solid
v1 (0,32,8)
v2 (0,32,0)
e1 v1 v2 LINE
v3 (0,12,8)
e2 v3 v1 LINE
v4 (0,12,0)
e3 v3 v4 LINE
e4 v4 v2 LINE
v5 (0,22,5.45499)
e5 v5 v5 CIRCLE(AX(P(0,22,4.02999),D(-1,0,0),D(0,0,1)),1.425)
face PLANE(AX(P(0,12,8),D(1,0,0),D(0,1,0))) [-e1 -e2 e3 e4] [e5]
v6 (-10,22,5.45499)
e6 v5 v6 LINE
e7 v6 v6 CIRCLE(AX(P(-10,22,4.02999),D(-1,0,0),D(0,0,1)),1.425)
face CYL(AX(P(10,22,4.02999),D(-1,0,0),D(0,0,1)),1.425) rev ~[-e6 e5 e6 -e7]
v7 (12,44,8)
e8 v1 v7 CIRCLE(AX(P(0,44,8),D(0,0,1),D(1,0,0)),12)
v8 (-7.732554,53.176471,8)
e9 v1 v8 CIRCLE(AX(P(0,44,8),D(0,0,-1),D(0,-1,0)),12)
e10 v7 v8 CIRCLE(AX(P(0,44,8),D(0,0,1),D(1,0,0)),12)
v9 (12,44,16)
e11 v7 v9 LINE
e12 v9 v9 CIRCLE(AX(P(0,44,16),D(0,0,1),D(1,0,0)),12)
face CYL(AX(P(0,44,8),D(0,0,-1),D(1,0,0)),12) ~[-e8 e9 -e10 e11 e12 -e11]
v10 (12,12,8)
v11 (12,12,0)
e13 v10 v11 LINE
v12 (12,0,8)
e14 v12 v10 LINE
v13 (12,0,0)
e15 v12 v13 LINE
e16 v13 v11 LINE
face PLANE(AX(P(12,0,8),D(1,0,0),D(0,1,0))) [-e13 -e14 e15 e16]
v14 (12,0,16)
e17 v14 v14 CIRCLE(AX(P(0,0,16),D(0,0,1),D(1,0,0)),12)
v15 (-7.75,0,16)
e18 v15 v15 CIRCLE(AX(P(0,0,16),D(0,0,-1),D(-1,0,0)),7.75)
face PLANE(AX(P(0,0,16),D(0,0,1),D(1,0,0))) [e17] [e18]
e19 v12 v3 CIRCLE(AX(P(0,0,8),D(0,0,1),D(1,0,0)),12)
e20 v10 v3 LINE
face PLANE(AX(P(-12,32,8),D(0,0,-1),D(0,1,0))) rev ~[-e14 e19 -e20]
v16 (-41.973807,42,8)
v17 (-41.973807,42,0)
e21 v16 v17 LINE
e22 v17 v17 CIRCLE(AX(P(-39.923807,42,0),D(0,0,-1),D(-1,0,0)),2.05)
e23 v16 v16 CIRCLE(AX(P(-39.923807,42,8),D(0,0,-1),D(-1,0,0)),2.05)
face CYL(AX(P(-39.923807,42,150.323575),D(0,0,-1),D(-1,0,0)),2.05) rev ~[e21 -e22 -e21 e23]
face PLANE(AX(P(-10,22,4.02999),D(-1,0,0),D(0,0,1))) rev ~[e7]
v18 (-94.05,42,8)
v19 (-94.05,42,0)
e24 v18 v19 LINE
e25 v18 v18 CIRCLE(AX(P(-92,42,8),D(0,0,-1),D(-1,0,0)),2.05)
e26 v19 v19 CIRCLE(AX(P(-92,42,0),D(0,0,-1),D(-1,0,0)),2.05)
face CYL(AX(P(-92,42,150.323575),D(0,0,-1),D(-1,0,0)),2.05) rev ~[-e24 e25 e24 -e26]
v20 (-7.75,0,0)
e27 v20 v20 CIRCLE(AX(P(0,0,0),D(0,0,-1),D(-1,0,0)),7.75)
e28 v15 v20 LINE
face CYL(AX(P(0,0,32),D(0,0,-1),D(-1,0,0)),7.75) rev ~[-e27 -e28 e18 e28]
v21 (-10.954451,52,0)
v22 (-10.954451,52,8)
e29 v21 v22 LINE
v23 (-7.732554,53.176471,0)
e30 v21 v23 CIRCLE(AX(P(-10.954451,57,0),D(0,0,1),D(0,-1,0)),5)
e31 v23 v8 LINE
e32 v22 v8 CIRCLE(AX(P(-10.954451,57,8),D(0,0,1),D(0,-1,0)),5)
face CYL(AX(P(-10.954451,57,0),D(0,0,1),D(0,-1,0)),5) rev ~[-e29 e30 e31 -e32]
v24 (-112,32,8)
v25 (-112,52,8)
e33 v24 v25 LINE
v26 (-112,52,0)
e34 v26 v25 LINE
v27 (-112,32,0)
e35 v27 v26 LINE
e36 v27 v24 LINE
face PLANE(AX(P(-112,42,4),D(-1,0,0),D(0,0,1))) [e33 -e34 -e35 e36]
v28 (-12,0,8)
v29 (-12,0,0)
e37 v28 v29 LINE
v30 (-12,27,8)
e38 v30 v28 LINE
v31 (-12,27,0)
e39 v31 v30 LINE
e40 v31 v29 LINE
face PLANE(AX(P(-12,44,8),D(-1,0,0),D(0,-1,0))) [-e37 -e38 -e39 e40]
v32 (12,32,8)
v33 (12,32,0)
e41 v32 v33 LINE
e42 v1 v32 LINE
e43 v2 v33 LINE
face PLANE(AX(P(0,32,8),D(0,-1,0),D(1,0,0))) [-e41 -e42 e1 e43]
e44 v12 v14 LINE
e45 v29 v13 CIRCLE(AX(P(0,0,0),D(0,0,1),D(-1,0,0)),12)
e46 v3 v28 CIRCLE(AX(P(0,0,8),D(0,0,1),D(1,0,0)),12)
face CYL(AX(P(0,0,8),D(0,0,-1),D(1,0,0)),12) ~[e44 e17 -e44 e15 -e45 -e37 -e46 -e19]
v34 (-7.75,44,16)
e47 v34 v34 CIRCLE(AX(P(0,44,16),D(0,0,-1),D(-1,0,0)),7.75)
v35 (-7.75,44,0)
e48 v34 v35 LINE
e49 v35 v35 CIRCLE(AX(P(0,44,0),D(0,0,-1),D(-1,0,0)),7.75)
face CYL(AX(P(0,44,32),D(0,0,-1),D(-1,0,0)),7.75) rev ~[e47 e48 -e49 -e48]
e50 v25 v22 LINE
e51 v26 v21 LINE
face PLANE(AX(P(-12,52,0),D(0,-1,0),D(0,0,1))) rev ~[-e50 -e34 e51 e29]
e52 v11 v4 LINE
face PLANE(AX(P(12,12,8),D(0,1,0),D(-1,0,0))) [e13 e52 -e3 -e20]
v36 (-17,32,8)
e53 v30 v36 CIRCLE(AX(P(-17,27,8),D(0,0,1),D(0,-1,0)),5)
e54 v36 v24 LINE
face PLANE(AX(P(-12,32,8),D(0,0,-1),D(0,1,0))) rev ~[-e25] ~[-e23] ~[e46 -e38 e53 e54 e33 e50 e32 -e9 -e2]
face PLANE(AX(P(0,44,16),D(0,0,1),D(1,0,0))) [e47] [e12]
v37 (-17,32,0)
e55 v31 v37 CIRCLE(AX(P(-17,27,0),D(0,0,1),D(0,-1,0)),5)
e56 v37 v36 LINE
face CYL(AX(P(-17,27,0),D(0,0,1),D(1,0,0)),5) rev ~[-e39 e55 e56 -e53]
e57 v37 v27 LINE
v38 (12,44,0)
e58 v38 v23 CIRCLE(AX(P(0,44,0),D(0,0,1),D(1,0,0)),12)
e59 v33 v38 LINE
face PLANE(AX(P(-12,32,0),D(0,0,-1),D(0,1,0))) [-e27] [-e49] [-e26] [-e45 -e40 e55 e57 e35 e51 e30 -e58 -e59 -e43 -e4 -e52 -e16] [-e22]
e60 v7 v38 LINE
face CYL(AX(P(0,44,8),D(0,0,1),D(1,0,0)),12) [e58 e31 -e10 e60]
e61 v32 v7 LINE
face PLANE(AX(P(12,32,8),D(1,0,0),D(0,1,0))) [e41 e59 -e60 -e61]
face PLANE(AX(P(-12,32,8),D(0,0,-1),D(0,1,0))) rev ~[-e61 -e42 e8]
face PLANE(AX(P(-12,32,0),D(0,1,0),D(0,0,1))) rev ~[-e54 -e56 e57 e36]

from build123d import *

# Parameters (mm, degrees)
BOSS_EXTRU_1_DEPTH                    = 8
ESQUISSE2_W                           = 8
ESQUISSE2_H                           = 20
BOSS_EXTRU_2_DEPTH                    = 100
BOSS_EXTRU_2_DEPTH_BACK               = 5
ESQUISSE3_R                           = 12
BOSS_EXTRU_3_DEPTH                    = 8
ESQUISSE4_R                           = 12
BOSS_EXTRU_4_DEPTH                    = 8
DIAM_TRE_DU_PER_AGE_4_1_4_1_1_D       = 4.1
DIAM_TRE_DU_PER_AGE_15_5_15_5_1_D     = 15.5
DIAM_TRE_DU_PER_AGE_15_5_15_5_1_DEPTH = 16
D_GAGEMENT_M2_51_D                    = 2.85
D_GAGEMENT_M2_51_DEPTH                = 10
CONG_1_R                              = 5


with BuildPart() as part:
    # Esquisse1 → Boss.-Extru.1 (new body)
    with BuildSketch(Plane.XY.offset(8)):
        with BuildLine():
            Line((-12, 44.000000179), (-12, 0))
            ThreePointArc((-12, 0), (0, -12), (12, 0))
            Line((12, 0), (12, 12))
            Line((12, 12), (0, 12))
            Line((0, 12), (0, 32))
            Line((0, 32), (12, 32))
            Line((12, 32), (12, 44.000000179))
            ThreePointArc((12, 44.000000179), (0, 56.000000179), (-12, 44.000000179))
        make_face()
    extrude(amount=-BOSS_EXTRU_1_DEPTH)

    # Esquisse2 → Boss.-Extru.2 (add, two sides)
    with BuildSketch(Plane.ZY.offset(12)) as boss_extru_2_sk:
        with Locations((4, 42)):
            Rectangle(ESQUISSE2_W, ESQUISSE2_H)
    extrude(amount=BOSS_EXTRU_2_DEPTH)
    extrude(boss_extru_2_sk.sketch, amount=-BOSS_EXTRU_2_DEPTH_BACK)

    # Esquisse3 → Boss.-Extru.3 (add)
    with BuildSketch(Plane.XY.offset(8)):
        with Locations((0, 44)):
            Circle(ESQUISSE3_R)
    extrude(amount=BOSS_EXTRU_3_DEPTH)

    # Esquisse4 → Boss.-Extru.4 (add)
    with BuildSketch(Plane.XY.offset(8)):
        Circle(ESQUISSE4_R)
    extrude(amount=BOSS_EXTRU_4_DEPTH)

    # Diamètre du perçage Ø4.1 (4.1)1 (through all)
    with Locations(Plane.XY.offset(8)):
        with Locations((-39.923806844, 42), (-92, 42)):
            Hole(DIAM_TRE_DU_PER_AGE_4_1_4_1_1_D / 2)

    # Diamètre du perçage Ø15.5 (15.5)1
    with Locations(Plane.XY.offset(16)):
        with Locations((0, 44), (0, 0)):
            Hole(DIAM_TRE_DU_PER_AGE_15_5_15_5_1_D / 2, depth=DIAM_TRE_DU_PER_AGE_15_5_15_5_1_DEPTH)

    # Dégagement M2.51
    with Locations(Plane(origin=(0, 0, 0), x_dir=(0, 0, -1), z_dir=(1, 0, 0))):
        with Locations((-4.029990313, 22)):
            Hole(D_GAGEMENT_M2_51_D / 2, depth=D_GAGEMENT_M2_51_DEPTH)

    # Congé1
    cong_1_edges = [part.edges().sort_by_distance(p)[0] for p in [
        (-8.94427207, 52, 4),
        (-12, 32, 4),
    ]]
    fillet(cong_1_edges, radius=CONG_1_R)


solid = part.part
